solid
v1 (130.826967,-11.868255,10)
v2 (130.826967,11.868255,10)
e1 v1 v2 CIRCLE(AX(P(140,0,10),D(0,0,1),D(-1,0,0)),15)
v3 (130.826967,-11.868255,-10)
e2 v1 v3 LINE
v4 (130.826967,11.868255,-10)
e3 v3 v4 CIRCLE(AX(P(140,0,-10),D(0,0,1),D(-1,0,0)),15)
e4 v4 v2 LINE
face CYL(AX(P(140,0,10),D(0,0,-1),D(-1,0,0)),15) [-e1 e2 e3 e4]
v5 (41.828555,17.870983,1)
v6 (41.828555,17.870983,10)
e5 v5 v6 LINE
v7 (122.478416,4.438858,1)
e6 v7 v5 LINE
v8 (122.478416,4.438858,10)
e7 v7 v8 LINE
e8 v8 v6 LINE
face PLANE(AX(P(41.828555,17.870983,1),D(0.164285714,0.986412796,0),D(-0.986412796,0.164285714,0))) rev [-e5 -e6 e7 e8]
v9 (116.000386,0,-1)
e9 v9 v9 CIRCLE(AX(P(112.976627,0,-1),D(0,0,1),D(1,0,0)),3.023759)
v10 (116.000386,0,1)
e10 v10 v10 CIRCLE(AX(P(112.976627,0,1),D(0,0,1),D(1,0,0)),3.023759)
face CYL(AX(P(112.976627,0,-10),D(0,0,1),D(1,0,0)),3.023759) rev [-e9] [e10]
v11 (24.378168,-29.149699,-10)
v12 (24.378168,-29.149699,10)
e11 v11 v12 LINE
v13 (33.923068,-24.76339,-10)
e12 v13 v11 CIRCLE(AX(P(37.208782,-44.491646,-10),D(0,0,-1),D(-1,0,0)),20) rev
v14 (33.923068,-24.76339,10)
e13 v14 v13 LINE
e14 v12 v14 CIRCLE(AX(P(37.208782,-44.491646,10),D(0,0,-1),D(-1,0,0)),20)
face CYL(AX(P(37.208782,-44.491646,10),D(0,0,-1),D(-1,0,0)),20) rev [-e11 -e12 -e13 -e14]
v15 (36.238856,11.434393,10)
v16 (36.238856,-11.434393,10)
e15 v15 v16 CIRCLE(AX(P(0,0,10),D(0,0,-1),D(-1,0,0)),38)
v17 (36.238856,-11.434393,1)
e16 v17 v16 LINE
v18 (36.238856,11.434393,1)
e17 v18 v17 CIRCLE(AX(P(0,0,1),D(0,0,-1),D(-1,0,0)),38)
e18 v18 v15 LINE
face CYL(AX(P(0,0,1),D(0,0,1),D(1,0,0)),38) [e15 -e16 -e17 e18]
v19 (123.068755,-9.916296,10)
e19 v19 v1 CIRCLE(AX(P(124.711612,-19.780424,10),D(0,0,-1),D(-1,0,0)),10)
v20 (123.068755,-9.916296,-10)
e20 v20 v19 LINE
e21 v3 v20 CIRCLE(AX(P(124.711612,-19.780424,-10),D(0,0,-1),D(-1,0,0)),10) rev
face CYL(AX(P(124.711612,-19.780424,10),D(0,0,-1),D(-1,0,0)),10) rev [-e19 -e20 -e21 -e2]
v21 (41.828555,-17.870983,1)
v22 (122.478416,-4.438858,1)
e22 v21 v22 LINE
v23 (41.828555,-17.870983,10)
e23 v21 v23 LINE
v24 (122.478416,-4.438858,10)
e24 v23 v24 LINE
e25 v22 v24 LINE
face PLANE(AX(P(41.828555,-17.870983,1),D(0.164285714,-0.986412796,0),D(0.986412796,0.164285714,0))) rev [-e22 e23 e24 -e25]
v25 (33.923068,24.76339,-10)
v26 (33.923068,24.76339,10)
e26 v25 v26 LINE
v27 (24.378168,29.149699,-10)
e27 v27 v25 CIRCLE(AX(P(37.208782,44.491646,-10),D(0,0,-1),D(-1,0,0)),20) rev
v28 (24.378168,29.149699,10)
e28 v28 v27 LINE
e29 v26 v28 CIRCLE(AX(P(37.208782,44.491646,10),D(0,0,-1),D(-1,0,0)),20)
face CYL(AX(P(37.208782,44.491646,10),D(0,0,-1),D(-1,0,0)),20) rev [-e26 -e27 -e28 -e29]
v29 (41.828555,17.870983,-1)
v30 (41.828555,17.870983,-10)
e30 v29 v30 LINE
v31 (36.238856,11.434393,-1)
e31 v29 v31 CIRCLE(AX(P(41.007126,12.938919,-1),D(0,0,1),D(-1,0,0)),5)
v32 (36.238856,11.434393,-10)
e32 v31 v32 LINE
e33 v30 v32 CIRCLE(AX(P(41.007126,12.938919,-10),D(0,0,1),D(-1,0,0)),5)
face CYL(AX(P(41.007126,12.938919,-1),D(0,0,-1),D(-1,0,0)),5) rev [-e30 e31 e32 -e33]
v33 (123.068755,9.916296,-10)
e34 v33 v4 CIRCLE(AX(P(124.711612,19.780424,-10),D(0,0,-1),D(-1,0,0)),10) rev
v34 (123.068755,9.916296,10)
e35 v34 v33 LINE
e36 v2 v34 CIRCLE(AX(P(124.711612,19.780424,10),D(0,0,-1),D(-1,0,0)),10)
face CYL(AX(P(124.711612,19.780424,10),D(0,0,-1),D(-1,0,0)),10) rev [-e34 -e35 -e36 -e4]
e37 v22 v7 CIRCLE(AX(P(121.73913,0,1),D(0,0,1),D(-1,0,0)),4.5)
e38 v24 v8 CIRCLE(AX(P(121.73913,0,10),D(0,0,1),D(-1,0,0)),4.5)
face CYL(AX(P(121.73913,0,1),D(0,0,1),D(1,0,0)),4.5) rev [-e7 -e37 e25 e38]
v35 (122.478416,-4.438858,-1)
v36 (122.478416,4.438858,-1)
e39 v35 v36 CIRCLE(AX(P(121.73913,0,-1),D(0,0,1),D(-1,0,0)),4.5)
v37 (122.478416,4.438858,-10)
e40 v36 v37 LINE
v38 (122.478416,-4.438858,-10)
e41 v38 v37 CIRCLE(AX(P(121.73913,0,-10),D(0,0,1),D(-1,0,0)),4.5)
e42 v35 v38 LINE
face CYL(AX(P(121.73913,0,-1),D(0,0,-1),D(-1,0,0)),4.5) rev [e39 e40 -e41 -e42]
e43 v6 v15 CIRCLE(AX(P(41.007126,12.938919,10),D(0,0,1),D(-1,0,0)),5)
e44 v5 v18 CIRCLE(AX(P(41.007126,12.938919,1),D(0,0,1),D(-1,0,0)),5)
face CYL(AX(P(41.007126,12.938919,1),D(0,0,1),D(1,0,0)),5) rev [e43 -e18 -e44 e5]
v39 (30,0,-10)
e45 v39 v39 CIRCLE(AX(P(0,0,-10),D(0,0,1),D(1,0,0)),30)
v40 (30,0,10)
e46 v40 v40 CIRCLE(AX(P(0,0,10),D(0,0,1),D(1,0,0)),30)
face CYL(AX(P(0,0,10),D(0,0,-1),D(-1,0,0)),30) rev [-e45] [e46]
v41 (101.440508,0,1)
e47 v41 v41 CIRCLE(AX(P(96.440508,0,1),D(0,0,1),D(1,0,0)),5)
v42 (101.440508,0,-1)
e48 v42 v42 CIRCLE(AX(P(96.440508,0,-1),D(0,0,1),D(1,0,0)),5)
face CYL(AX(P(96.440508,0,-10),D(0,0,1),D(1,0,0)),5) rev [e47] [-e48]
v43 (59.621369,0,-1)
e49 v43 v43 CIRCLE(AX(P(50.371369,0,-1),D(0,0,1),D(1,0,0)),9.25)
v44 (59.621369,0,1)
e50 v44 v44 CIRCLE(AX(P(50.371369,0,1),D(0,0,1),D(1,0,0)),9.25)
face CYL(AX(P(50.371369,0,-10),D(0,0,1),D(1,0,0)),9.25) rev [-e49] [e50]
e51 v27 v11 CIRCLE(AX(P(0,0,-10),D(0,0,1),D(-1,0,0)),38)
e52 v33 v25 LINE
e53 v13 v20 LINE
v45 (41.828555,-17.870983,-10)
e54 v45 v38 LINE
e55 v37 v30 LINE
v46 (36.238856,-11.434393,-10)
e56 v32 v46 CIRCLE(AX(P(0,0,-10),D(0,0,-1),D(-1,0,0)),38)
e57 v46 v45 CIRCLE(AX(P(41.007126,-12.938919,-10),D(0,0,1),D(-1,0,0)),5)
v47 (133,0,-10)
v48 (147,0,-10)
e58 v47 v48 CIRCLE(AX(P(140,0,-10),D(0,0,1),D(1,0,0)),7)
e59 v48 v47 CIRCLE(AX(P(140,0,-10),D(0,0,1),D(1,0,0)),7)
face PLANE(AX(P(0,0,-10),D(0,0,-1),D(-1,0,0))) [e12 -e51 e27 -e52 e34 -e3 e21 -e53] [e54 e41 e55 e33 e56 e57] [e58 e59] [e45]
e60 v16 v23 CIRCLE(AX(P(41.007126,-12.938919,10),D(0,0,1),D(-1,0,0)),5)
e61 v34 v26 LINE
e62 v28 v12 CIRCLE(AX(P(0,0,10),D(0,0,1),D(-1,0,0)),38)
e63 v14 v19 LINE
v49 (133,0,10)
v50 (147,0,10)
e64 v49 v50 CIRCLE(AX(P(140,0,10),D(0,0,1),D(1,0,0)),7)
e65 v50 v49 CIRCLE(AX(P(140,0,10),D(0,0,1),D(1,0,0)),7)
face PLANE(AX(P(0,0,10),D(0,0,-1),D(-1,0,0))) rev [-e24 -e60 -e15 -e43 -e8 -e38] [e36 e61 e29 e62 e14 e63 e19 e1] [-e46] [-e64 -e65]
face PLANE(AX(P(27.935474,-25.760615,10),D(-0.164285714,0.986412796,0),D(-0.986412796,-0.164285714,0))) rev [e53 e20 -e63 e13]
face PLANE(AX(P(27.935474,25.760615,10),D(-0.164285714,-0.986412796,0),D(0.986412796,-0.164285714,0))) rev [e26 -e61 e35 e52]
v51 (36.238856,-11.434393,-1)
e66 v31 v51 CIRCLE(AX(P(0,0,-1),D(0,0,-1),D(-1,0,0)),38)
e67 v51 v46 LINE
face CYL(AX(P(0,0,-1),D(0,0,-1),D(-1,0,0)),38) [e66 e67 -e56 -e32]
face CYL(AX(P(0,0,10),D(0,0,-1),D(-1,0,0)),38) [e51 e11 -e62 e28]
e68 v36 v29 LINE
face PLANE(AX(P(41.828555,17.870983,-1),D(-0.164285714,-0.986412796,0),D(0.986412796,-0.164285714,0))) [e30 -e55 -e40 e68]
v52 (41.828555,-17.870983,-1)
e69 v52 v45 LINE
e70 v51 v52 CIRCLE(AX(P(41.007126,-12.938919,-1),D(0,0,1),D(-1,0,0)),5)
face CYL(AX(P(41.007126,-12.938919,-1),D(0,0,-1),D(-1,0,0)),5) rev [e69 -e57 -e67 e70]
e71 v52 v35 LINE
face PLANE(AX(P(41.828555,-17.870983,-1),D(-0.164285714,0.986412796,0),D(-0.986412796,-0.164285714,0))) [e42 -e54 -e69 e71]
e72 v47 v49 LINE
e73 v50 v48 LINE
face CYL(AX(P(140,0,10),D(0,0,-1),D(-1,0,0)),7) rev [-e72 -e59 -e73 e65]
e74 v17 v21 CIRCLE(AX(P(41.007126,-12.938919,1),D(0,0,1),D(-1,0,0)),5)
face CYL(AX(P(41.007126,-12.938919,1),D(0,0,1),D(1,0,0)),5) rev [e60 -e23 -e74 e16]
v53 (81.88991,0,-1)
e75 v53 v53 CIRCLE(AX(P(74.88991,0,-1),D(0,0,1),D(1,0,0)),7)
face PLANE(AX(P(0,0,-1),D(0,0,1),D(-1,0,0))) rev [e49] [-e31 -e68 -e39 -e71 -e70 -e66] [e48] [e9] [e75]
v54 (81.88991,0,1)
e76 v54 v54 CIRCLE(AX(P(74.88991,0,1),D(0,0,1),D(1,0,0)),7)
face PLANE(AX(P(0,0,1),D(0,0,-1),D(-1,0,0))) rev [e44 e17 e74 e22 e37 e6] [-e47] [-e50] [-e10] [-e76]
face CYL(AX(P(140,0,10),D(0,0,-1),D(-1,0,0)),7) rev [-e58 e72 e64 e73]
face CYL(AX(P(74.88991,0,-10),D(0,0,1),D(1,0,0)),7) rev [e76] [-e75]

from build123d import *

# Parameters (mm, degrees)
SKETCH1_R           = 30
SKETCH1_R_2         = 7
BOSS_EXTRUDE1_DEPTH = 10
FILLET1_R           = 10
FILLET2_R           = 20
CUT_EXTRUDE1_DEPTH  = 9
SKETCH3_R           = 9.25
SKETCH3_R_2         = 7
SKETCH3_R_3         = 5
SKETCH3_R_4         = 3.023758928
CUT_EXTRUDE2_DEPTH  = 12


with BuildPart() as part:
    # Sketch1 → Boss-Extrude1 (new body, symmetric)
    with BuildSketch(Plane.XY):
        with BuildLine():
            Line((27.935473676, 25.760615491), (128.063755469, 9.084385863))
            ThreePointArc((128.063755469, 9.084385863), (155, 0), (128.063755469, -9.084385863))
            Line((128.063755469, -9.084385863), (27.935473676, -25.760615491))
            ThreePointArc((27.935473676, -25.760615491), (-38, 0), (27.935473676, 25.760615491))
        make_face()
        Circle(SKETCH1_R, mode=Mode.SUBTRACT)
        with Locations((140, 0)):
            Circle(SKETCH1_R_2, mode=Mode.SUBTRACT)
    extrude(amount=BOSS_EXTRUDE1_DEPTH, both=True)

    # Fillet1
    fillet1_edges = [part.edges().sort_by_distance(p)[0] for p in [
        (128.063755469, 9.084385863, 0),
        (128.063755469, -9.084385863, 0),
    ]]
    fillet(fillet1_edges, radius=FILLET1_R)

    # Fillet2
    fillet2_edges = [part.edges().sort_by_distance(p)[0] for p in [
        (27.935473676, 25.760615491, 0),
        (27.935473676, -25.760615491, 0),
    ]]
    fillet(fillet2_edges, radius=FILLET2_R)

    # Sketch2 → Cut-Extrude1 (cut)
    with BuildSketch(Plane.XY.offset(10)):
        with BuildLine():
            Line((41.828554558, 17.870982725), (122.478416149, 4.438857582))
            ThreePointArc((122.478416149, 4.438857582), (126.239130435, 0), (122.478416149, -4.438857582))
            Line((122.478416149, -4.438857582), (41.828554558, -17.870982725))
            ThreePointArc((41.828554558, -17.870982725), (37.231968897, -16.217361812), (36.238855523, -11.43439331))
            ThreePointArc((36.238855523, -11.43439331), (38, 0), (36.238855523, 11.43439331))
            ThreePointArc((36.238855523, 11.43439331), (37.231968897, 16.217361812), (41.828554558, 17.870982725))
        make_face()
    cut_extrude1 = extrude(amount=-CUT_EXTRUDE1_DEPTH, mode=Mode.SUBTRACT)

    # Mirror1: Cut-Extrude1 across plane
    add(cut_extrude1.mirror(Plane.XY), mode=Mode.SUBTRACT)

    # Sketch3 → Cut-Extrude2 (cut, through all)
    with BuildSketch(Plane.XY.offset(1)):
        with Locations((50.371368822, 0)):
            Circle(SKETCH3_R)
        with Locations((74.88991016, 0)):
            Circle(SKETCH3_R_2)
        with Locations((96.440508127, 0)):
            Circle(SKETCH3_R_3)
        with Locations((112.976627131, 0)):
            Circle(SKETCH3_R_4)
    extrude(amount=-CUT_EXTRUDE2_DEPTH, mode=Mode.SUBTRACT)


solid = part.part
